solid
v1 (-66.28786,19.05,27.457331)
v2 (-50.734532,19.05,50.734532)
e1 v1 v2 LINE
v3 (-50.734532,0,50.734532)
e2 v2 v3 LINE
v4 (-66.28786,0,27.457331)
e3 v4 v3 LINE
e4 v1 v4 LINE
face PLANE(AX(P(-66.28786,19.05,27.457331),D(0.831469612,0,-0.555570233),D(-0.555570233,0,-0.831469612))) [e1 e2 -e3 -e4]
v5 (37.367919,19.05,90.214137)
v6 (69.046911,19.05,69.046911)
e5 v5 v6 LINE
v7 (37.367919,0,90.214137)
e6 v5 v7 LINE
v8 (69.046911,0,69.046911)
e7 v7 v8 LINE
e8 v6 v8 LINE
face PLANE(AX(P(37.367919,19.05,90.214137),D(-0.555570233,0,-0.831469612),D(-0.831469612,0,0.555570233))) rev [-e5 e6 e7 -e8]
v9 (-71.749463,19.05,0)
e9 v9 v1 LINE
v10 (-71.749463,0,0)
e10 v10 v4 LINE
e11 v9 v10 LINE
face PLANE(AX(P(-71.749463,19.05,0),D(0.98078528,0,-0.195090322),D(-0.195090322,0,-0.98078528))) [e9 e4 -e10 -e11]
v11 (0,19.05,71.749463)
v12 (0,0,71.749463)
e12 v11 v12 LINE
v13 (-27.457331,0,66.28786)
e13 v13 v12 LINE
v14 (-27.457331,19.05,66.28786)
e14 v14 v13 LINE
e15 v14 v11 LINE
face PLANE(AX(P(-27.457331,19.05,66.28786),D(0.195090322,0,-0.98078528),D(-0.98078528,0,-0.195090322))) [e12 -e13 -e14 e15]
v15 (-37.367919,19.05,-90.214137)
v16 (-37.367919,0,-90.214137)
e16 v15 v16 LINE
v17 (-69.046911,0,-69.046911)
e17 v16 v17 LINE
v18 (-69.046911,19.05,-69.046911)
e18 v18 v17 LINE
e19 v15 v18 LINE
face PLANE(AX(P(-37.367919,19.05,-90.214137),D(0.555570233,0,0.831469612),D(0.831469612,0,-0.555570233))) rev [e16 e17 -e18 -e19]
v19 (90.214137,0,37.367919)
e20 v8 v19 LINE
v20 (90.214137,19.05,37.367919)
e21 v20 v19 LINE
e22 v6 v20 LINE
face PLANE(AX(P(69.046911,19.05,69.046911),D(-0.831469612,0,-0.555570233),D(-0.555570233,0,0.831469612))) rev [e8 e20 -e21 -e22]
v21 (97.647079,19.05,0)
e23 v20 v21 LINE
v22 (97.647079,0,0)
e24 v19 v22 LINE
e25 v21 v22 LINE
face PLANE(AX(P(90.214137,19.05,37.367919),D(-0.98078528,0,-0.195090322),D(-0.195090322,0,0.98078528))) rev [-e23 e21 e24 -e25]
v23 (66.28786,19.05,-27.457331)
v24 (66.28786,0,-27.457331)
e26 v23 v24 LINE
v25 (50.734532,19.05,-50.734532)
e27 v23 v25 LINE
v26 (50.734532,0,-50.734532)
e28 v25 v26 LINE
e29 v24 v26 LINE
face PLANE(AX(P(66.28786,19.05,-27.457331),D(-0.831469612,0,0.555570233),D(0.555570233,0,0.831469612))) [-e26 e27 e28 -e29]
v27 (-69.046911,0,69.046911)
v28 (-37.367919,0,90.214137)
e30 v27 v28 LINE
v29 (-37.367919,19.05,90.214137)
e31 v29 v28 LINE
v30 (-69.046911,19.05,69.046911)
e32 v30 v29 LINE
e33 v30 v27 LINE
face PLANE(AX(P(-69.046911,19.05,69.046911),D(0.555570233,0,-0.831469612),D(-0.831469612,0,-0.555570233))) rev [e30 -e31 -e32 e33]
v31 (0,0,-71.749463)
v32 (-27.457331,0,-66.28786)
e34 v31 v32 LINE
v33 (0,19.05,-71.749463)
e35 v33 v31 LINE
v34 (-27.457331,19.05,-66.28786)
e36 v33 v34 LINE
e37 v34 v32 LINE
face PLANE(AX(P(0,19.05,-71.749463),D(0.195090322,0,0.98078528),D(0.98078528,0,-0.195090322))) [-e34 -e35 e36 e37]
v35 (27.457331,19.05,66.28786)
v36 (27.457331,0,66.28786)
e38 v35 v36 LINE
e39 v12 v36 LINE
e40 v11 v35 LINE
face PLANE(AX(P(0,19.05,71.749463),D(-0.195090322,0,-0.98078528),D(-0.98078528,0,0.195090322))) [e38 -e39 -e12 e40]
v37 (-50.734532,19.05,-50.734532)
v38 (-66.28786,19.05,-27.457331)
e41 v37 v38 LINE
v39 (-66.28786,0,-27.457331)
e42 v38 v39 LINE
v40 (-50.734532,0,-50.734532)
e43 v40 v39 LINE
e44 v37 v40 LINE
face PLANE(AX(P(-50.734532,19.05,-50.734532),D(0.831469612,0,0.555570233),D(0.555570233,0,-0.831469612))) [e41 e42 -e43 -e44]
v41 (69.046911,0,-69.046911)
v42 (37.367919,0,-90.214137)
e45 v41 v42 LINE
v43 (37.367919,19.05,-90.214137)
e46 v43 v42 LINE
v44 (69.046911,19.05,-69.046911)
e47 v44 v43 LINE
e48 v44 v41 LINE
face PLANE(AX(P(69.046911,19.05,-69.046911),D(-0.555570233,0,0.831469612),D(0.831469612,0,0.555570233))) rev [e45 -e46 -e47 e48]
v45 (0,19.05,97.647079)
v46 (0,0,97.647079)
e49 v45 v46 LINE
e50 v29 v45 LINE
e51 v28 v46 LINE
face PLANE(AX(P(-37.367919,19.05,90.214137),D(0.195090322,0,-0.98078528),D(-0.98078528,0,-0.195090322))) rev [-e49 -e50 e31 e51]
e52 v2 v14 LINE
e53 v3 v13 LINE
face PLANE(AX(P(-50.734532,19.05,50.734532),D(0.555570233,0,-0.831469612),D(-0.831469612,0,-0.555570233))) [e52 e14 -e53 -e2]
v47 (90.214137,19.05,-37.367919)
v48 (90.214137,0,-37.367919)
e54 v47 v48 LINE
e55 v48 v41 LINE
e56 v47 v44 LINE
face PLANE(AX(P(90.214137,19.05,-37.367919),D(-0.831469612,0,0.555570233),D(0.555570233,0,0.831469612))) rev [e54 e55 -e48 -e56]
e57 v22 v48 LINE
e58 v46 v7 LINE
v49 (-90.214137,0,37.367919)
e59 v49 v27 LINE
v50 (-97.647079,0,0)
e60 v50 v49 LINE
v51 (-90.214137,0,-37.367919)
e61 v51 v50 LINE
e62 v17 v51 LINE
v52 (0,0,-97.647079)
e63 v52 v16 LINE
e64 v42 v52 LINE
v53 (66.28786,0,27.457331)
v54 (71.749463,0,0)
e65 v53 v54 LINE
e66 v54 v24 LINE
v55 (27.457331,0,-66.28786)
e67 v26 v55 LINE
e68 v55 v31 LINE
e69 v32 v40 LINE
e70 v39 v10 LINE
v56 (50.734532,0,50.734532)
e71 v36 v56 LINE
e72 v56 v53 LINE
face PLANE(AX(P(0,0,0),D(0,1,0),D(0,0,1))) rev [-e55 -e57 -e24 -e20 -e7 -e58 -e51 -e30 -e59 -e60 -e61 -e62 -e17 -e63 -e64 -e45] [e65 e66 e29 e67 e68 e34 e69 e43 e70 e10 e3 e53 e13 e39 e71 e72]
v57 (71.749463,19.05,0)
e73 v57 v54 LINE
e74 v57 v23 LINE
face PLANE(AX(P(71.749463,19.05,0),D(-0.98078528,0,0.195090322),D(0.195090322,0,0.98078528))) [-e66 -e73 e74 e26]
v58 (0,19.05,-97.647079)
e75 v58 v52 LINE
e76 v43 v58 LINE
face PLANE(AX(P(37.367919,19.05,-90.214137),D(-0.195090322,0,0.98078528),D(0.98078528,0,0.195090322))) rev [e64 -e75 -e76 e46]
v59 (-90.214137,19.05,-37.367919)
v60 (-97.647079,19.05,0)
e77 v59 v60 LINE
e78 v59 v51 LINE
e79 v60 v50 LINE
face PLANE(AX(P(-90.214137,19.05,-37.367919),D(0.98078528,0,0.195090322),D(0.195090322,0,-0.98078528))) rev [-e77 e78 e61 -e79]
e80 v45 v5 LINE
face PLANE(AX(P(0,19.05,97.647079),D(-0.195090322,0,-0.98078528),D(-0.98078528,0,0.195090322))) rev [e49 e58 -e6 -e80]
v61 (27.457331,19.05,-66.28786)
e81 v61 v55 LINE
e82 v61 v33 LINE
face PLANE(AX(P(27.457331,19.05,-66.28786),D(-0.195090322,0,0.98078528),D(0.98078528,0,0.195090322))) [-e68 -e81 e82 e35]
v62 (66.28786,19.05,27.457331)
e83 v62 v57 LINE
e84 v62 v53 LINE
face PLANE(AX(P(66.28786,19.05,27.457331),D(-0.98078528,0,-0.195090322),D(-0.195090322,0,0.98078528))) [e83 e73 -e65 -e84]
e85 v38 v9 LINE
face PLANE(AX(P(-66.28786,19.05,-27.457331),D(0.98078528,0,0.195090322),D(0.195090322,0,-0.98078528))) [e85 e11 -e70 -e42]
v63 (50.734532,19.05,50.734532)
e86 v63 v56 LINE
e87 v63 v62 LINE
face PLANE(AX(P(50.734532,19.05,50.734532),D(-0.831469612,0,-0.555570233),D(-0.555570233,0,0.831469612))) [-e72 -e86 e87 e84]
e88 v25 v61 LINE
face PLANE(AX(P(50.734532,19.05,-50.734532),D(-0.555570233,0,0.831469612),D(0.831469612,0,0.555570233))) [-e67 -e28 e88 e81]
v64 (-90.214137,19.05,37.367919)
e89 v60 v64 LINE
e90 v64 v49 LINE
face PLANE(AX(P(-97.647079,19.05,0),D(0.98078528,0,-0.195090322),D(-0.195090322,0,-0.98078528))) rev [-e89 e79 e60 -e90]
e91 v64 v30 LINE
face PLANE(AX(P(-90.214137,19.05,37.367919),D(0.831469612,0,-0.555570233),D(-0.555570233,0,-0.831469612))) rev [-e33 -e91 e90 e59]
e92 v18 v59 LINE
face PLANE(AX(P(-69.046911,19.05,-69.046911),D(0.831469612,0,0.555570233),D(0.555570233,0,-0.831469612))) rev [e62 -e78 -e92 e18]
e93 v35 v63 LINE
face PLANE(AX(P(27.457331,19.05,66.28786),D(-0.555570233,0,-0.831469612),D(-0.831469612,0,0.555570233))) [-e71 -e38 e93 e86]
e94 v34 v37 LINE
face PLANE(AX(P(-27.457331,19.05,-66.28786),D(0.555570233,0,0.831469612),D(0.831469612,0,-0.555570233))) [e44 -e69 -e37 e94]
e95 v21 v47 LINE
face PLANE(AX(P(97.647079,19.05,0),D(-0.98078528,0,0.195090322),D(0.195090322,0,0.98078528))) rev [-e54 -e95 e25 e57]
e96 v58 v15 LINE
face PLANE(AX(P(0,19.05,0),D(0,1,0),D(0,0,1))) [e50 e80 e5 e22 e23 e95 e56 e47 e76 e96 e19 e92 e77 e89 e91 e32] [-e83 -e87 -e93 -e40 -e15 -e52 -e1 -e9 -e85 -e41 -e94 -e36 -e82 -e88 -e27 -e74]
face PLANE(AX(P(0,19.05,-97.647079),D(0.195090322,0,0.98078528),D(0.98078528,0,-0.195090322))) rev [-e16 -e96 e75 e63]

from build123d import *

# Parameters (mm, degrees)
BOSS_EXTRUDE1_DEPTH = 19.05


with BuildPart() as part:
    # Sketch1 → Boss-Extrude1 (new body)
    with BuildSketch(Plane(origin=(0, 0, 0), x_dir=(1, 0, 0), z_dir=(0, 1, 0))):
        Polygon((97.647078559, 0), (90.21413729, 37.367919183), (69.046911412, 69.046911412), (37.367919183, 90.21413729), (0, 97.647078559), (-37.367919183, 90.21413729), (-69.046911412, 69.046911412), (-90.21413729, 37.367919183), (-97.647078559, 0), (-90.21413729, -37.367919183), (-69.046911412, -69.046911412), (-37.367919183, -90.21413729), (0, -97.647078559), (37.367919183, -90.21413729), (69.046911412, -69.046911412), (90.21413729, -37.367919183), align=None)
        Polygon((71.74946314, 0), (66.287860464, 27.457330825), (50.734531933, 50.734531933), (27.457330825, 66.287860464), (0, 71.74946314), (-27.457330825, 66.287860464), (-50.734531933, 50.734531933), (-66.287860464, 27.457330825), (-71.74946314, 0), (-66.287860464, -27.457330825), (-50.734531933, -50.734531933), (-27.457330825, -66.287860464), (0, -71.74946314), (27.457330825, -66.287860464), (50.734531933, -50.734531933), (66.287860464, -27.457330825), align=None, mode=Mode.SUBTRACT)
    extrude(amount=BOSS_EXTRUDE1_DEPTH)


solid = part.part
